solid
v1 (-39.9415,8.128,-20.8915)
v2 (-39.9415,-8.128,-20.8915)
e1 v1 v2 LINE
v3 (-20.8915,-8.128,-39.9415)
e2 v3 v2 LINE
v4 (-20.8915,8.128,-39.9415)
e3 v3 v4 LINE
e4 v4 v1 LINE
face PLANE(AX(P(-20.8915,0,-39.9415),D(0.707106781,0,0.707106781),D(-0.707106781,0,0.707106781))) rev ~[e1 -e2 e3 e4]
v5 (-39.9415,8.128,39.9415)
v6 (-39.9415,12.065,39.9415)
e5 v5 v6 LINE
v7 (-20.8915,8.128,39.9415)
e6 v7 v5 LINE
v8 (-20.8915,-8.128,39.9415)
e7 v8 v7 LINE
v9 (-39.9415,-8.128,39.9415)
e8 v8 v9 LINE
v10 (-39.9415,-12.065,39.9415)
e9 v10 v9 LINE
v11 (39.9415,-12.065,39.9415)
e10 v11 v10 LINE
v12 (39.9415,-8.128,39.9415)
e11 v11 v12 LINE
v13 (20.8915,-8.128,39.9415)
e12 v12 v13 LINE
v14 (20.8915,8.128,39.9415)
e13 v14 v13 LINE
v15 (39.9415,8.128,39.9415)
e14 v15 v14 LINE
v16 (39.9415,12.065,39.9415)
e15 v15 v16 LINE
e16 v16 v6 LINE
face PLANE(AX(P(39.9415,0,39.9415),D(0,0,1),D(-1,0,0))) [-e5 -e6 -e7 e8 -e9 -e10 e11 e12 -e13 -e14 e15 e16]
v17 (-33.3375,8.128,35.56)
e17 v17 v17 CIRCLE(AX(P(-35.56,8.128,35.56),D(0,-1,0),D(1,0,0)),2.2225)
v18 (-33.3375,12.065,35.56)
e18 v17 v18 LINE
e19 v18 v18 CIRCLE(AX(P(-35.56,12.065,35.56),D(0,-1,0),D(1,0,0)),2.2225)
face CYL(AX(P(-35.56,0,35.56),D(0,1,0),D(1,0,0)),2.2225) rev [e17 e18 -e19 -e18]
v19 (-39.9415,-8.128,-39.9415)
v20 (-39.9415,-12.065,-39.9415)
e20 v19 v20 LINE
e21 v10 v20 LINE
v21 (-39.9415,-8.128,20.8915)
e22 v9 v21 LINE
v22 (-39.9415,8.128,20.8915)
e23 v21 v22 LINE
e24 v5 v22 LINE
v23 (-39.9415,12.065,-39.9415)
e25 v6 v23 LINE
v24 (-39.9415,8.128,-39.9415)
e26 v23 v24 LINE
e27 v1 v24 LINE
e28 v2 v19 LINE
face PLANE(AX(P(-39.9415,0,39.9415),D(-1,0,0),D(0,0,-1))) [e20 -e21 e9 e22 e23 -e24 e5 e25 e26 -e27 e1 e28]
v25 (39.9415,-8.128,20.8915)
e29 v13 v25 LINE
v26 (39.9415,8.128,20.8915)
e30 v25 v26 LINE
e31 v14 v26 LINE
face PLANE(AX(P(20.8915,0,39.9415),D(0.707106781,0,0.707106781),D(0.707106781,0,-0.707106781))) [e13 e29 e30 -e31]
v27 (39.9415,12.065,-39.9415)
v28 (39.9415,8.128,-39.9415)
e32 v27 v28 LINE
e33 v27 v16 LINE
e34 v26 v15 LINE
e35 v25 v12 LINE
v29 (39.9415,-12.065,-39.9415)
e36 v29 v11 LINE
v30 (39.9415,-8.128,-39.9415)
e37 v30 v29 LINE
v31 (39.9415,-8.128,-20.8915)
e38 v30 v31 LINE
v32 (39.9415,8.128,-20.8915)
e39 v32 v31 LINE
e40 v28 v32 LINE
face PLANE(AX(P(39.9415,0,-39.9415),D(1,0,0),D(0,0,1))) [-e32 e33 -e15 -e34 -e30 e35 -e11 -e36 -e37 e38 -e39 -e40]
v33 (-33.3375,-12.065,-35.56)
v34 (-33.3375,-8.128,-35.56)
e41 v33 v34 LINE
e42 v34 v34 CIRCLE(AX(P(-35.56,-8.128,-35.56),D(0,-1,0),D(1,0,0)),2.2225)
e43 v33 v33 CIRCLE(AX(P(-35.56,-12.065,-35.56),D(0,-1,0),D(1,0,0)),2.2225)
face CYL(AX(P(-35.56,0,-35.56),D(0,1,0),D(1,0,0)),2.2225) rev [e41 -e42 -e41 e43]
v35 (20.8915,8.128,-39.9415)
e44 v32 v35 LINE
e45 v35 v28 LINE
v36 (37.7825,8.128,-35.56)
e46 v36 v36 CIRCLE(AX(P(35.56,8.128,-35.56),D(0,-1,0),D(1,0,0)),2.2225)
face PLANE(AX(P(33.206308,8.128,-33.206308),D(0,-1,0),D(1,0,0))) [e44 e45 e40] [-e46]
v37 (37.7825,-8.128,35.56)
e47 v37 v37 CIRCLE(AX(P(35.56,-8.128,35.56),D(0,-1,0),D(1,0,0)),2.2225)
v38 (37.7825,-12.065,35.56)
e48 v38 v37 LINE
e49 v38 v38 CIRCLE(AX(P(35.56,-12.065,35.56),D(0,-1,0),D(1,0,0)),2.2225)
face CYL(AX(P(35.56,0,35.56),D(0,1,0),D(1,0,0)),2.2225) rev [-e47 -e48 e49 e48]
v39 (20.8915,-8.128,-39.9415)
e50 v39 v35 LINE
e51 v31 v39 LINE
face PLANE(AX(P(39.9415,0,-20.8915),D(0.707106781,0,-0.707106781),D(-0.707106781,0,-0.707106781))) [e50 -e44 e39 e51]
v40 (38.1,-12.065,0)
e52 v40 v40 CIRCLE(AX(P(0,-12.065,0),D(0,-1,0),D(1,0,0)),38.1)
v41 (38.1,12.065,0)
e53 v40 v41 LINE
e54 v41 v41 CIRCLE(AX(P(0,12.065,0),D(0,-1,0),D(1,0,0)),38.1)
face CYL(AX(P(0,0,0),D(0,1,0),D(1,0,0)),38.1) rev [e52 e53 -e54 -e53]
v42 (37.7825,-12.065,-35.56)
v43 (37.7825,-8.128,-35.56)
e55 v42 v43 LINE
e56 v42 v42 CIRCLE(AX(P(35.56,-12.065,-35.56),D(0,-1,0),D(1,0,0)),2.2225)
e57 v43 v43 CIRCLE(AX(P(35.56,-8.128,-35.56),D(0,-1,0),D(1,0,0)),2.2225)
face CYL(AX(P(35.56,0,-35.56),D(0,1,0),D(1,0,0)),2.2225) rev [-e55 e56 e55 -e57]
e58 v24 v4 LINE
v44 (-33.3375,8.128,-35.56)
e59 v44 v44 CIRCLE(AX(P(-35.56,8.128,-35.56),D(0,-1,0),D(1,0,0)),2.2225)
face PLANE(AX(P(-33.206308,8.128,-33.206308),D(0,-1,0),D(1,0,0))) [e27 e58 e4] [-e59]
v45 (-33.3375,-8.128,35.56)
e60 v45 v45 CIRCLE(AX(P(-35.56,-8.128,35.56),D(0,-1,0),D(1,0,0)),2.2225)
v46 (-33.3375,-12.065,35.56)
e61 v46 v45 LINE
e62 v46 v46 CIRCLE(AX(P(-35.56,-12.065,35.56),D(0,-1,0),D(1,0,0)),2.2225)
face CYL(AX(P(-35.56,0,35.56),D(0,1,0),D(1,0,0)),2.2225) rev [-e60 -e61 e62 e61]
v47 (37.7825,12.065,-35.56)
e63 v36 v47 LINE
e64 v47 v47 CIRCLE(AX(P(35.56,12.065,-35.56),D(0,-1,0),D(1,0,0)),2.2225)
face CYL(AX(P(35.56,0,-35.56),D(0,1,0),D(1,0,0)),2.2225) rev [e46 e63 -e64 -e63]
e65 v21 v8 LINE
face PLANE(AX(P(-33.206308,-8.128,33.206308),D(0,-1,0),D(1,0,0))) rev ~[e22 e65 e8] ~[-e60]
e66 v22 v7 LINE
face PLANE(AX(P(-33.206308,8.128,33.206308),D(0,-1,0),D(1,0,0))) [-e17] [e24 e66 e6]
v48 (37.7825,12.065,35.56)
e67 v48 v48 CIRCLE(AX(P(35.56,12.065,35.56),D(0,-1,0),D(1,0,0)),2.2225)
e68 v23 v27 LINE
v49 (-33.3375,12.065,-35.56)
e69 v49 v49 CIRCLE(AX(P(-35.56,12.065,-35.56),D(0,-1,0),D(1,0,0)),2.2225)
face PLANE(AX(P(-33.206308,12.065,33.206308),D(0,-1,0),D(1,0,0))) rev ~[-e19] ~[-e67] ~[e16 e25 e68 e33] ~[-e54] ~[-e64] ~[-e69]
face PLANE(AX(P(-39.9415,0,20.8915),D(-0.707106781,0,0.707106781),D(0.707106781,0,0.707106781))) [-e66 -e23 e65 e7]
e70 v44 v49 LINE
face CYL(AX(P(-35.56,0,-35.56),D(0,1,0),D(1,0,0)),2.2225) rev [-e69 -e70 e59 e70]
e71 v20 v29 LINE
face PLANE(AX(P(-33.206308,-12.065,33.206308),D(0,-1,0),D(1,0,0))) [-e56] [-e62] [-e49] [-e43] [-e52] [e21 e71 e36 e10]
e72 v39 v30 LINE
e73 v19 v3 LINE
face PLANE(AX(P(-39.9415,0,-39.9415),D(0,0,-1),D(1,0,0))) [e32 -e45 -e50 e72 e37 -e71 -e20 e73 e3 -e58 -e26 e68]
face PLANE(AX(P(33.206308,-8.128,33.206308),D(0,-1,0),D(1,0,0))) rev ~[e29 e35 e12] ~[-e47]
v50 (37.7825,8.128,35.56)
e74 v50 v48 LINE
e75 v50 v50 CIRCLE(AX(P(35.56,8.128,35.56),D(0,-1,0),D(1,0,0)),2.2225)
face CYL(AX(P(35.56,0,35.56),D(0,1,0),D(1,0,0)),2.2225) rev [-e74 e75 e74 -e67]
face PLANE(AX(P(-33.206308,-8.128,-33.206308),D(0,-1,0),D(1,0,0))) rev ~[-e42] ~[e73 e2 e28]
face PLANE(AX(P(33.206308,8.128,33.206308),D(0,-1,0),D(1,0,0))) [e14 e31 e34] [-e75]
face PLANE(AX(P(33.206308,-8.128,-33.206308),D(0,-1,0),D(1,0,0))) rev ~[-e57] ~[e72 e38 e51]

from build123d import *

# Parameters (mm, degrees)
F0_R     = 2.2225
F0_R_2   = 38.1
F1_DEPTH = 12.065
F2_DEPTH = 8.128


with BuildPart() as f1:
    # F0 (on Front) → F1 (new body, symmetric)
    with BuildSketch(Plane.XZ):
        Polygon((-20.8915, 39.9415), (-39.9415, 39.9415), (-39.9415, 20.8915), align=None)
        with Locations((-35.56, 35.56)):
            Circle(F0_R, mode=Mode.SUBTRACT)
        Polygon((20.8915, 39.9415), (-20.8915, 39.9415), (-39.9415, 20.8915), (-39.9415, -20.8915), (-20.8915, -39.9415), (20.8915, -39.9415), (39.9415, -20.8915), (39.9415, 20.8915), align=None)
        Circle(F0_R_2, mode=Mode.SUBTRACT)
        Polygon((39.9415, 39.9415), (20.8915, 39.9415), (39.9415, 20.8915), align=None)
        with Locations((35.56, 35.56)):
            Circle(F0_R, mode=Mode.SUBTRACT)
        Polygon((39.9415, -39.9415), (39.9415, -20.8915), (20.8915, -39.9415), align=None)
        with Locations((35.56, -35.56)):
            Circle(F0_R, mode=Mode.SUBTRACT)
        Polygon((-20.8915, -39.9415), (-39.9415, -20.8915), (-39.9415, -39.9415), align=None)
        with Locations((-35.56, -35.56)):
            Circle(F0_R, mode=Mode.SUBTRACT)
    extrude(amount=F1_DEPTH, both=True)

    # F0 (on Front) → F2 (cut, symmetric)
    with BuildSketch(Plane.XZ):
        Polygon((-20.8915, 39.9415), (-39.9415, 39.9415), (-39.9415, 20.8915), align=None)
        with Locations((-35.56, 35.56)):
            Circle(F0_R, mode=Mode.SUBTRACT)
        Polygon((39.9415, 39.9415), (20.8915, 39.9415), (39.9415, 20.8915), align=None)
        with Locations((35.56, 35.56)):
            Circle(F0_R, mode=Mode.SUBTRACT)
        Polygon((39.9415, -39.9415), (39.9415, -20.8915), (20.8915, -39.9415), align=None)
        with Locations((35.56, -35.56)):
            Circle(F0_R, mode=Mode.SUBTRACT)
        Polygon((-20.8915, -39.9415), (-39.9415, -20.8915), (-39.9415, -39.9415), align=None)
        with Locations((-35.56, -35.56)):
            Circle(F0_R, mode=Mode.SUBTRACT)
    extrude(amount=F2_DEPTH, both=True, mode=Mode.SUBTRACT)


solid = f1.part
